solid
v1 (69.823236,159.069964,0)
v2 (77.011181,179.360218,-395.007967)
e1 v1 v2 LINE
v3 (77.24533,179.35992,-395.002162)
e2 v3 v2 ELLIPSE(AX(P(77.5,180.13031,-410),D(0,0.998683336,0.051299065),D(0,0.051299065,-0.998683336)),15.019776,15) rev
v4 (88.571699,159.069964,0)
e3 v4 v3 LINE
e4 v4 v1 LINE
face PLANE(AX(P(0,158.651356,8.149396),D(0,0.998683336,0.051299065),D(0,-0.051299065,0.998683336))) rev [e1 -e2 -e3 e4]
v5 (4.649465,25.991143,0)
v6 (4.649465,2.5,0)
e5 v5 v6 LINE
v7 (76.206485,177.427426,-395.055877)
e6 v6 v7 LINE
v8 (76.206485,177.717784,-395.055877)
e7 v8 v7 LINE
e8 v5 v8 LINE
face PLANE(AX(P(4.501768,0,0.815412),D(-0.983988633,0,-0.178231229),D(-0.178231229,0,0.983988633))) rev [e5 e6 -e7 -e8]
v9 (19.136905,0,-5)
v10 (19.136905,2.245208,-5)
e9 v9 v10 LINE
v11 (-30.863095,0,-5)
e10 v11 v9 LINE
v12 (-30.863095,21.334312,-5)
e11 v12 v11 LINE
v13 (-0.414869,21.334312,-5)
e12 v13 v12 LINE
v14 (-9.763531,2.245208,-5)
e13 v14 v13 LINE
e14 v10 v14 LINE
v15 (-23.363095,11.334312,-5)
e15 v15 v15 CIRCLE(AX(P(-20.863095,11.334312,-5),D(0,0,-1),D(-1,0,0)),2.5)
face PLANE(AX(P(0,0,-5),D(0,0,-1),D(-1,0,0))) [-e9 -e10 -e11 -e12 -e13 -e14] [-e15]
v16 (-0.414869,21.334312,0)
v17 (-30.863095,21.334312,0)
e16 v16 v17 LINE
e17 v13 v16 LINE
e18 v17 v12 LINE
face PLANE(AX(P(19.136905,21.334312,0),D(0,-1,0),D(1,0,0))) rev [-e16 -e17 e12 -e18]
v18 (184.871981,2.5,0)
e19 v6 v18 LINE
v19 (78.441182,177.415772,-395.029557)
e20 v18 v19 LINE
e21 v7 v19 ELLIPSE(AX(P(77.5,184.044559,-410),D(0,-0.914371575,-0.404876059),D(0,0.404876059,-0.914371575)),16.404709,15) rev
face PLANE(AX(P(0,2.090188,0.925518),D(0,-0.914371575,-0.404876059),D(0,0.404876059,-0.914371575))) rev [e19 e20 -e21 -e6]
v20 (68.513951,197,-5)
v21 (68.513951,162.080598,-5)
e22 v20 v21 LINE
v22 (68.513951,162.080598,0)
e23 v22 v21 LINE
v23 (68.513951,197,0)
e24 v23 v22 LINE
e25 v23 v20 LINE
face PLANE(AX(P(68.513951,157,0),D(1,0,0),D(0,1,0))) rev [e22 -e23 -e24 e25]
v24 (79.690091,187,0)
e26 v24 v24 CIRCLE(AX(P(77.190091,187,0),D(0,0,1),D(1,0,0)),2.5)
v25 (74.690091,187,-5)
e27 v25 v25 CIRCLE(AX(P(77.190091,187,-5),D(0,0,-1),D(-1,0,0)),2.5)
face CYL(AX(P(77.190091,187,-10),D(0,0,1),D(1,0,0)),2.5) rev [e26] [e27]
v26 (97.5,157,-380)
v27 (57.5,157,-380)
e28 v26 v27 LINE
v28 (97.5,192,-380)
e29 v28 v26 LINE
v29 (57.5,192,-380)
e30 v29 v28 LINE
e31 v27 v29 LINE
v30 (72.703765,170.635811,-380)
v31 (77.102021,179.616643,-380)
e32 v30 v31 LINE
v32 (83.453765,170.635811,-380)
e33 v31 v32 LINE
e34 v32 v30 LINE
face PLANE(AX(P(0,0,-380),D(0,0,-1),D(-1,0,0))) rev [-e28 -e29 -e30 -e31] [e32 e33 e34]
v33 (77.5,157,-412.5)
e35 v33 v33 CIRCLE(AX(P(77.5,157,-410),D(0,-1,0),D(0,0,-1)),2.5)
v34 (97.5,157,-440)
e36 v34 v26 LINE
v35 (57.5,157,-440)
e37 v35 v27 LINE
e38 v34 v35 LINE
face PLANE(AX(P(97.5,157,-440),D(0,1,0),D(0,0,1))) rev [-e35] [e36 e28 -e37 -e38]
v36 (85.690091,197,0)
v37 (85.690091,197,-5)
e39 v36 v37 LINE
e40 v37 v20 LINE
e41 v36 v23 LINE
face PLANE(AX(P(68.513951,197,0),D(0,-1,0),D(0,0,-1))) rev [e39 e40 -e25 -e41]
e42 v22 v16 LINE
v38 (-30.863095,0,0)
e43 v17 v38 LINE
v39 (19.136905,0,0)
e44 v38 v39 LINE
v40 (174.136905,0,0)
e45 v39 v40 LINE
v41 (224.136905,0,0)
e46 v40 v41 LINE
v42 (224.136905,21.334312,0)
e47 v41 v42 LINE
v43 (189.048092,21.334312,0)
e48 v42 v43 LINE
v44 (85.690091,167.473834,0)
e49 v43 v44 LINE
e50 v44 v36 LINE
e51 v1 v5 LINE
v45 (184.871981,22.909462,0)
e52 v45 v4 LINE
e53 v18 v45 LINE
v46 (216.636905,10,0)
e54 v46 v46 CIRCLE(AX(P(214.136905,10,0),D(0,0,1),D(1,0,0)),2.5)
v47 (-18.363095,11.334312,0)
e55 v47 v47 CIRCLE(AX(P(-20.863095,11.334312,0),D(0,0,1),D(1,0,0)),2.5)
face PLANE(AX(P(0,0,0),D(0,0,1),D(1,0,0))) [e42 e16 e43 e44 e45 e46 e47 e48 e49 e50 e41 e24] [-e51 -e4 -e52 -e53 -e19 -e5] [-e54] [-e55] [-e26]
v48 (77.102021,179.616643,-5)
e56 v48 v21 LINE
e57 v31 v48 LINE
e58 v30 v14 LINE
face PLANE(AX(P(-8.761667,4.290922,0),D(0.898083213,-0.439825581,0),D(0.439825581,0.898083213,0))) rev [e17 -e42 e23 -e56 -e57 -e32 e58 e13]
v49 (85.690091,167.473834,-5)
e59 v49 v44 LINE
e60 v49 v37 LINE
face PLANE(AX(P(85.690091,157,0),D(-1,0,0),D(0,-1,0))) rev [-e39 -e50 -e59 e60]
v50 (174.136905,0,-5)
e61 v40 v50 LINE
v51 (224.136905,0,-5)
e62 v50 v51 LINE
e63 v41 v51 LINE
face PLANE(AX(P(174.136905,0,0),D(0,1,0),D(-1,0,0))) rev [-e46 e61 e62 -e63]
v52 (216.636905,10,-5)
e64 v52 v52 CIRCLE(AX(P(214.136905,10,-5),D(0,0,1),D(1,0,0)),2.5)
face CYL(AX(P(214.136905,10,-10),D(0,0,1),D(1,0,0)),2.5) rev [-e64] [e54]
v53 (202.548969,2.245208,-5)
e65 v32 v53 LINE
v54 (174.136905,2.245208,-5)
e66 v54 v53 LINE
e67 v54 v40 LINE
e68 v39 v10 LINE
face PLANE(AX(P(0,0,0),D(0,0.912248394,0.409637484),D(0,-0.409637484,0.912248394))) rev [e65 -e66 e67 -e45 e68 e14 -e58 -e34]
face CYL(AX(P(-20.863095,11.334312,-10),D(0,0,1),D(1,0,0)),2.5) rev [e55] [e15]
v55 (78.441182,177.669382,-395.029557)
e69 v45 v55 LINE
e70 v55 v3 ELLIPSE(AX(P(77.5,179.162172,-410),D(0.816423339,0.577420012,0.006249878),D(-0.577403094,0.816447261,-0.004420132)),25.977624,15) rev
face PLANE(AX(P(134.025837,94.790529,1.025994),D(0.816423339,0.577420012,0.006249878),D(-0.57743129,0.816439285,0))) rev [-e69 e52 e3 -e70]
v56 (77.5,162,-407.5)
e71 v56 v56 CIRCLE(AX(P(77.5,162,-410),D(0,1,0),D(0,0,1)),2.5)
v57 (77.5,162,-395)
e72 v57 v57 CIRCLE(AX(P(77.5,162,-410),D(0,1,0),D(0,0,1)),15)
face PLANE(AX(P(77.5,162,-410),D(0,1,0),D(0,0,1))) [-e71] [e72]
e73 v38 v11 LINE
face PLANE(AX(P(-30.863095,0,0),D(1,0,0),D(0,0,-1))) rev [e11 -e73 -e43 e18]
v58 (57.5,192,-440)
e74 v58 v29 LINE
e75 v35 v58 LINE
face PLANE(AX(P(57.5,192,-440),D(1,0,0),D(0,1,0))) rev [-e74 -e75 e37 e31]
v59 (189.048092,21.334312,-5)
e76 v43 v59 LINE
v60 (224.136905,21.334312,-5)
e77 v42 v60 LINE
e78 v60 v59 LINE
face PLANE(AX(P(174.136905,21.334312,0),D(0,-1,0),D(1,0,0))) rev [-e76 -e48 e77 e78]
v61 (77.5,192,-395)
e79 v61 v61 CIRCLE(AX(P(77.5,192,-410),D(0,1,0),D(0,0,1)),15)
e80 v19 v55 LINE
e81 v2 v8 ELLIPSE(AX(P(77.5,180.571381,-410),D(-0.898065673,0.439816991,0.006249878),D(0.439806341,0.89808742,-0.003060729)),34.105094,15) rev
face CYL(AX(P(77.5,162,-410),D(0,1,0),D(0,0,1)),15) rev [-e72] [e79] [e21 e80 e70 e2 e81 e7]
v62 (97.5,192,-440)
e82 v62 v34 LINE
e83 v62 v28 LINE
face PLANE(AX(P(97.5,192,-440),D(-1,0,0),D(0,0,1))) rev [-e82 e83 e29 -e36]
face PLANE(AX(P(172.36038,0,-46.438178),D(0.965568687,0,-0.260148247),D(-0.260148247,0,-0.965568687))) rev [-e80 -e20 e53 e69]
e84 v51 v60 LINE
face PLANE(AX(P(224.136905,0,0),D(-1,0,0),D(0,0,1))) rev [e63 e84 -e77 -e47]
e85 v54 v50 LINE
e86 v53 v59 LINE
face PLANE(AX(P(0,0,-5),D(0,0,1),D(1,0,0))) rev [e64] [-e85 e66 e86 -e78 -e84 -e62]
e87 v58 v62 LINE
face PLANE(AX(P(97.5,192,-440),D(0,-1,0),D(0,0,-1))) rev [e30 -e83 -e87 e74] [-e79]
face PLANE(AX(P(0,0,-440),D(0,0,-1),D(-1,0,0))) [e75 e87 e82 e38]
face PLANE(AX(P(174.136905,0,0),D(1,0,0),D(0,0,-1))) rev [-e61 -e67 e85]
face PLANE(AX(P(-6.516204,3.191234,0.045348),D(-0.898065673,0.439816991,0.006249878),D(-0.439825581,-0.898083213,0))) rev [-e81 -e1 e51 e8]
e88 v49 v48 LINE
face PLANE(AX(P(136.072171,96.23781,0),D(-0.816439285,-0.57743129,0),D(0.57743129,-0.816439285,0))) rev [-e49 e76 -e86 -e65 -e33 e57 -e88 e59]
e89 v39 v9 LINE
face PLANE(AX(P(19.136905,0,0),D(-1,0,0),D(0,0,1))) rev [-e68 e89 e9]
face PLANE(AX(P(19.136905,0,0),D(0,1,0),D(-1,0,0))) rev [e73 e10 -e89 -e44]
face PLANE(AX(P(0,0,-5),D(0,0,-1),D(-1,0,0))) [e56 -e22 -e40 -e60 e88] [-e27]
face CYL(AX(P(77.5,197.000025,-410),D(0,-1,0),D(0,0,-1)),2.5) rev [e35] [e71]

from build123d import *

# Parameters (mm, degrees)
ESBO_O7_W                = 40
ESBO_O7_H                = 35
CORTE_EXTRUS_O3_DEPTH    = 20
ESBO_O8_W                = 40
ESBO_O8_H                = 35
RESSALTO_EXTRUS_O1_DEPTH = 60
ESBO_O9_R                = 15
CORTE_EXTRUS_O4_DEPTH    = 30
ESBO_O10_W               = 60
ESBO_O10_H               = 42.668623852
CORTE_EXTRUS_O6_DEPTH    = 5
ESBO_O12_W               = 50
ESBO_O12_H               = 21.334311926
RESSALTO_EXTRUS_O3_DEPTH = 5
ESBO_O13_W               = 60
ESBO_O13_H               = 42.668623852
CORTE_EXTRUS_O8_DEPTH    = 5
ESBO_O14_W               = 50
ESBO_O14_H               = 21.334311926
RESSALTO_EXTRUS_O4_DEPTH = 5
ESBO_O15_W               = 17.17613937
ESBO_O15_H               = 45.233285306
CORTE_EXTRUS_O9_DEPTH    = 5
ESBO_O16_W               = 17.17613937
ESBO_O16_H               = 40
RESSALTO_EXTRUS_O5_DEPTH = 5
ESBO_O17_R               = 2.5
CORTE_EXTRUS_O10_DEPTH   = 10
ESBO_O21_R               = 2.5
CORTE_EXTRUS_O11_DEPTH   = 519.156686831


with BuildPart() as part:
    # Esboço2 → Loft1 section 0
    with BuildSketch(Plane.XY, mode=Mode.PRIVATE) as loft1_s0:
        with BuildLine():
            Line((-10.863095238, 0), (204.136904762, 0))
            Line((204.136904762, 0), (77.102021041, 179.616642653))
            Line((77.102021041, 179.616642653), (-10.863095238, 0))
        make_face()
    loft([Vertex(77.102021041, 179.616642653, -400), loft1_s0.sketch])

    # Esboço7 → Corte-extrusão3 (cut)
    with BuildSketch(Plane(origin=(77.102021041, 179.616642653, -400), x_dir=(1, 0, 0), z_dir=(0, 0, 1))):
        Rectangle(ESBO_O7_W, ESBO_O7_H)
    extrude(amount=CORTE_EXTRUS_O3_DEPTH, mode=Mode.SUBTRACT)

    # Esboço8 → Ressalto-extrusão1 (add)
    with BuildSketch(Plane(origin=(0, 0, -380), x_dir=(-1, 0, 0), z_dir=(0, 0, -1))):
        with Locations((-77.5, 174.5)):
            Rectangle(ESBO_O8_W, ESBO_O8_H)
    extrude(amount=RESSALTO_EXTRUS_O1_DEPTH)

    # Esboço9 → Corte-extrusão4 (cut)
    with BuildSketch(Plane(origin=(0, 192, 0), x_dir=(1, 0, 0), z_dir=(0, 1, 0))):
        with Locations((77.5, 410)):
            Circle(ESBO_O9_R)
    extrude(amount=-CORTE_EXTRUS_O4_DEPTH, mode=Mode.SUBTRACT)

    # Esboço10 → Corte-extrusão6 (cut)
    with BuildSketch(Plane.XY):
        with Locations((-10.863095238, 0)):
            Rectangle(ESBO_O10_W, ESBO_O10_H)
    extrude(amount=-CORTE_EXTRUS_O6_DEPTH, mode=Mode.SUBTRACT)

    # Esboço12 → Ressalto-extrusão3 (add)
    with BuildSketch(Plane.XY.offset(-5)):
        with Locations((-5.863095238, 10.667155963)):
            Rectangle(ESBO_O12_W, ESBO_O12_H)
    extrude(amount=RESSALTO_EXTRUS_O3_DEPTH)

    # Esboço13 → Corte-extrusão8 (cut)
    with BuildSketch(Plane.XY):
        with Locations((204.136904762, 0)):
            Rectangle(ESBO_O13_W, ESBO_O13_H)
    extrude(amount=-CORTE_EXTRUS_O8_DEPTH, mode=Mode.SUBTRACT)

    # Esboço14 → Ressalto-extrusão4 (add)
    with BuildSketch(Plane.XY.offset(-5)):
        with Locations((199.136904762, 10.667155963)):
            Rectangle(ESBO_O14_W, ESBO_O14_H)
    extrude(amount=RESSALTO_EXTRUS_O4_DEPTH)

    # Esboço15 → Corte-extrusão9 (cut)
    with BuildSketch(Plane.XY):
        with Locations((77.102021041, 179.616642653)):
            Rectangle(ESBO_O15_W, ESBO_O15_H)
    extrude(amount=-CORTE_EXTRUS_O9_DEPTH, mode=Mode.SUBTRACT)

    # Esboço16 → Ressalto-extrusão5 (add)
    with BuildSketch(Plane.XY.offset(-5)):
        with Locations((77.102021041, 177)):
            Rectangle(ESBO_O16_W, ESBO_O16_H)
    extrude(amount=RESSALTO_EXTRUS_O5_DEPTH)

    # Esboço17 → Corte-extrusão10 (cut)
    with BuildSketch(Plane.XY):
        with Locations((-20.863095238, 11.334311926)):
            Circle(ESBO_O17_R)
        with Locations((214.136904762, 10)):
            Circle(ESBO_O17_R)
        with Locations((77.190090726, 187)):
            Circle(ESBO_O17_R)
    extrude(amount=-CORTE_EXTRUS_O10_DEPTH, mode=Mode.SUBTRACT)

    # Esboço20 → Loft de corte2 section 0
    with BuildSketch(Plane.XY, mode=Mode.PRIVATE) as loft_de_corte2_s0:
        with BuildLine():
            Line((4.64946483, 2.5), (184.871981239, 2.5))
            Line((184.871981239, 2.5), (184.871981239, 22.909462338))
            Line((184.871981239, 22.909462338), (88.571698608, 159.069963659))
            Line((88.571698608, 159.069963659), (69.823235581, 159.069963659))
            Line((69.823235581, 159.069963659), (4.64946483, 25.99114348))
            Line((4.64946483, 25.99114348), (4.64946483, 2.5))
        make_face()
    loft([loft_de_corte2_s0.sketch, Vertex(77.102021041, 179.616642653, -400)], mode=Mode.SUBTRACT)

    # Esboço21 → Corte-extrusão11 (cut, through all)
    with BuildSketch(Plane.XZ.offset(-157)):
        with Locations((77.5, -410)):
            Circle(ESBO_O21_R)
    extrude(amount=-CORTE_EXTRUS_O11_DEPTH, mode=Mode.SUBTRACT)


solid = part.part
